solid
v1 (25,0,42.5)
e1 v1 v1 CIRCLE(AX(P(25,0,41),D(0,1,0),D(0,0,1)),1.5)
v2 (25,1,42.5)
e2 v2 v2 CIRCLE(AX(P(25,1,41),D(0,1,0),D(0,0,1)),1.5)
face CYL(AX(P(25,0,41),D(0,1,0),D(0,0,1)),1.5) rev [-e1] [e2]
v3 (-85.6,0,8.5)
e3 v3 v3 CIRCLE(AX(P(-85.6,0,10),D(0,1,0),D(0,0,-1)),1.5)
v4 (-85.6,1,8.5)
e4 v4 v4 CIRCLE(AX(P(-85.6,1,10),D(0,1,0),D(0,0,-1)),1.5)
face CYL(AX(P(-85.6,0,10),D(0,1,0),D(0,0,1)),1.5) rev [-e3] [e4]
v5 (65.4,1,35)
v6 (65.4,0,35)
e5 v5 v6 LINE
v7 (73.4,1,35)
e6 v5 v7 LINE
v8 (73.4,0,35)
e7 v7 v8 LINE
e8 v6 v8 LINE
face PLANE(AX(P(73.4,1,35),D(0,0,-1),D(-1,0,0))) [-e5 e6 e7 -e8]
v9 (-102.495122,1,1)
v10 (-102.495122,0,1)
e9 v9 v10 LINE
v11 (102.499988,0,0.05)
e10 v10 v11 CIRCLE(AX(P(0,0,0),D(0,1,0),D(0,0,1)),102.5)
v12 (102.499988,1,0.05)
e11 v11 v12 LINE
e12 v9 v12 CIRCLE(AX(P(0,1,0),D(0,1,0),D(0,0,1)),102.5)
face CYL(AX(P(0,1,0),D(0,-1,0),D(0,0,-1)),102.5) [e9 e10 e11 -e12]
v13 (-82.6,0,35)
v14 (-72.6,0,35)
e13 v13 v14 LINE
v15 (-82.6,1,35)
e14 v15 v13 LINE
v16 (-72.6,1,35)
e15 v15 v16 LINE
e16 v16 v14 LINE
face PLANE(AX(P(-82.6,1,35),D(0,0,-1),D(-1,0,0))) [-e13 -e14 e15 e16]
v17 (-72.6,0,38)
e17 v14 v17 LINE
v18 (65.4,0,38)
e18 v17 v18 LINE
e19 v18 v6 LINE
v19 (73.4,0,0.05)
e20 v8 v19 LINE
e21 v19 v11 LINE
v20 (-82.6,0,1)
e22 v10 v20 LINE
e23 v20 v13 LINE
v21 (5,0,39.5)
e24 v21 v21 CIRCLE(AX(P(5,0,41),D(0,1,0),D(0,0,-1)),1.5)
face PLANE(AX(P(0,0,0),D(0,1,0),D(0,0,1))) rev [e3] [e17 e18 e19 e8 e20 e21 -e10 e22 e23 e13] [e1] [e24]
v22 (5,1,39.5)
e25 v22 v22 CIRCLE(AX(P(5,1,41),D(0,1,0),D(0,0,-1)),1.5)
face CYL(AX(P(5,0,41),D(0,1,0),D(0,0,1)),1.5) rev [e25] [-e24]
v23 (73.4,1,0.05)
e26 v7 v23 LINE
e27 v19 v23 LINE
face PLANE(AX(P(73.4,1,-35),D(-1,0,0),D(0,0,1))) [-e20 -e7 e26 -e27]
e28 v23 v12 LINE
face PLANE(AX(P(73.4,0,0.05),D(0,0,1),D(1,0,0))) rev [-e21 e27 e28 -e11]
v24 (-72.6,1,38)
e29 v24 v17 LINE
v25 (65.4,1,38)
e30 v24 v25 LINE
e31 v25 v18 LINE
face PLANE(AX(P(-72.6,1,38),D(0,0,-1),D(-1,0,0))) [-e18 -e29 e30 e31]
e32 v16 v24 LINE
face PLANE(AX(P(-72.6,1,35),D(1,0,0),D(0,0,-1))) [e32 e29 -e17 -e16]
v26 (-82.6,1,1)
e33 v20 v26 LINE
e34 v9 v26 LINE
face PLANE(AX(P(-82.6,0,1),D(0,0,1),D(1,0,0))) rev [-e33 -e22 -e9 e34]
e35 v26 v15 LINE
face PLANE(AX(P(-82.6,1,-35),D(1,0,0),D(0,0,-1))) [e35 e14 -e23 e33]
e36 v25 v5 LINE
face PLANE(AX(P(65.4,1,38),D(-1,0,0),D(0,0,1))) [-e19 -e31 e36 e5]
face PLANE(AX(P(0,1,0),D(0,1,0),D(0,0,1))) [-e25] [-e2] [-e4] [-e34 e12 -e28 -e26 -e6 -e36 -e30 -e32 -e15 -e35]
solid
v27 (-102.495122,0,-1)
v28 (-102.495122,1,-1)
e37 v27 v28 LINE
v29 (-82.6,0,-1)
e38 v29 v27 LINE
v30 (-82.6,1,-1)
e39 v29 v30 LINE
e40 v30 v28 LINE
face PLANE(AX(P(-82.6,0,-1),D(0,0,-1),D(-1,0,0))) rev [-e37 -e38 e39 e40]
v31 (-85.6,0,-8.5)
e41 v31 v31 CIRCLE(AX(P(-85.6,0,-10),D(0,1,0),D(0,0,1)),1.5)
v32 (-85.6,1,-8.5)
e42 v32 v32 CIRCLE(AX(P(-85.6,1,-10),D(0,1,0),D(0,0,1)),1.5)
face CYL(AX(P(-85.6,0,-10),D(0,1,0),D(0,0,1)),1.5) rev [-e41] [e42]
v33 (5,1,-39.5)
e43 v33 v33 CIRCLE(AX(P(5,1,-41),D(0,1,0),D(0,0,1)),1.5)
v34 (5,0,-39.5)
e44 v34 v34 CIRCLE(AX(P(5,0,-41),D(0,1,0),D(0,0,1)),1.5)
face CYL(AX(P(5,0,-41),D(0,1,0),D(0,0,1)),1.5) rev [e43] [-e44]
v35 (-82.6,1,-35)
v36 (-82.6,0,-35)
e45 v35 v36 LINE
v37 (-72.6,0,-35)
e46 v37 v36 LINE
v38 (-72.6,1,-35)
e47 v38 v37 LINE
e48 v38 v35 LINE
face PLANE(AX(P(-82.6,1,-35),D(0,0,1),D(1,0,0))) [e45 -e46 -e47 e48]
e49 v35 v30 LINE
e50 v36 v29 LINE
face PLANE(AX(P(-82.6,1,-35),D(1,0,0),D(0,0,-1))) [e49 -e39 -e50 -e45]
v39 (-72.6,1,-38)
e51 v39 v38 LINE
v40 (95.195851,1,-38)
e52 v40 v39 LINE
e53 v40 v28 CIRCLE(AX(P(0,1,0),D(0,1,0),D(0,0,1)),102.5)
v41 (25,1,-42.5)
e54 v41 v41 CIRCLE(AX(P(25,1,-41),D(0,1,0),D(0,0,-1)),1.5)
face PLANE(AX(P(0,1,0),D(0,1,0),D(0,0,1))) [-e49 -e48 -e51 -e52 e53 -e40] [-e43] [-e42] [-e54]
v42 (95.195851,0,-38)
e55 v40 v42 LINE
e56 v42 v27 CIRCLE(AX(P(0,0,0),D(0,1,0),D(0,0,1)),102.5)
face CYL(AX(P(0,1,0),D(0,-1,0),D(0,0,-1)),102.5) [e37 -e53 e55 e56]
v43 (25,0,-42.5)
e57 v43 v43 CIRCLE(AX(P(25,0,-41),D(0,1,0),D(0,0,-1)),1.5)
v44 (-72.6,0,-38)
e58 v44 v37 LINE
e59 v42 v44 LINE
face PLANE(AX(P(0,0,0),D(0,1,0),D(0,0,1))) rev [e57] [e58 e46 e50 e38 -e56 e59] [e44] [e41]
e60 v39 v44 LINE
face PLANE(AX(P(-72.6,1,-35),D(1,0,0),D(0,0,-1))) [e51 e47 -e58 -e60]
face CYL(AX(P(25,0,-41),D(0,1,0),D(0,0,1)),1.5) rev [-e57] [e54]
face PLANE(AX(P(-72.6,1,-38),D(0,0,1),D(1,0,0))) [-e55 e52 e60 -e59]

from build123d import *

# Parameters (mm, degrees)
SKETCH_1_R          = 102.5
EXTRUDE_1_DEPTH     = 1
SKETCH_2_W          = 47.933731137
SKETCH_2_H          = 0.1
SKETCH_2_W_2        = 106.787277248
SKETCH_2_H_2        = 2
CUT_EXTRUDE_1_DEPTH = 145.960339404
SKETCH_5_W          = 37.099987805
SKETCH_5_H          = 37.95
CUT_EXTRUDE_4_DEPTH = 145.960330781
SKETCH_6_R          = 1.5
CUT_EXTRUDE_5_DEPTH = 145.960330781


with BuildPart() as part:
    # 草图1 → 凸台-拉伸1 (new body)
    with BuildSketch(Plane(origin=(0, 0, 0), x_dir=(1, 0, 0), z_dir=(0, 1, 0))):
        with Locations(Location((0, 0, 0), (0, 0, 270))):
            Circle(SKETCH_1_R)
        Polygon((-82.6, 35), (-82.6, -35), (-72.6, -35), (-72.6, -38), (65.4, -38), (65.4, -35), (73.4, -35), (73.4, 35), (65.4, 35), (65.4, 38), (-72.6, 38), (-72.6, 35), align=None, mode=Mode.SUBTRACT)
    extrude(amount=EXTRUDE_1_DEPTH)

    # 草图2 → 切除-拉伸1 (cut, through all)
    with BuildSketch(Plane(origin=(0, 1, 0), x_dir=(1, 0, 0), z_dir=(0, 1, 0))):
        with Locations((97.366865569, 0)):
            Rectangle(SKETCH_2_W, SKETCH_2_H)
        with Locations((-135.993638624, 0)):
            Rectangle(SKETCH_2_W_2, SKETCH_2_H_2)
    extrude(amount=-CUT_EXTRUDE_1_DEPTH, mode=Mode.SUBTRACT)


with BuildPart() as cut_extrude_1_piece_1:
    # of the separate pieces the step leaves, piece 1, a body of its own (cut_extrude_1_pieces)
    add(part.part.solids().sort_by_distance((-102.495121835, 0, 1))[0])


with BuildPart() as cut_extrude_1_piece_2:
    # of the separate pieces the step leaves, piece 2, a body of its own (cut_extrude_1_pieces)
    add(part.part.solids().sort_by_distance((102.499987805, 0, -0.05))[0])

    # 草图5 → 切除-拉伸4 (cut, through all)
    with BuildSketch(Plane(origin=(0, 1, 0), x_dir=(1, 0, 0), z_dir=(0, 1, 0))):
        with Locations((83.949993903, 19.025)):
            Rectangle(SKETCH_5_W, SKETCH_5_H)
    extrude(amount=-CUT_EXTRUDE_4_DEPTH, mode=Mode.SUBTRACT)


with BuildPart() as cut_extrude_5_tool:
    # 草图6 → 切除-拉伸5 (new, through all)
    with BuildSketch(Plane(origin=(0, 1, 0), x_dir=(1, 0, 0), z_dir=(0, 1, 0))):
        with Locations(Location((5, 41, 0), (0, 0, 270))):
            Circle(SKETCH_6_R)
        with Locations(Location((25, 41, 0), (0, 0, 90))):
            Circle(SKETCH_6_R)
        with Locations(Location((25, -41, 0), (0, 0, 270))):
            Circle(SKETCH_6_R)
        with Locations(Location((5, -41, 0), (0, 0, 90))):
            Circle(SKETCH_6_R)
        with Locations(Location((-85.6, 10, 0), (0, 0, 270))):
            Circle(SKETCH_6_R)
        with Locations(Location((-85.6, -10, 0), (0, 0, 90))):
            Circle(SKETCH_6_R)
    extrude(amount=-CUT_EXTRUDE_5_DEPTH)


with BuildPart() as cut_extrude_1_piece_1_1:
    add(cut_extrude_1_piece_1.part)

    # 切除-拉伸5: cut by cut_extrude_5_tool
    add(cut_extrude_5_tool.part, mode=Mode.SUBTRACT)


with BuildPart() as cut_extrude_1_piece_2_1:
    add(cut_extrude_1_piece_2.part)

    # 切除-拉伸5: cut by cut_extrude_5_tool
    add(cut_extrude_5_tool.part, mode=Mode.SUBTRACT)


solid = Compound([cut_extrude_1_piece_1_1.part, cut_extrude_1_piece_2_1.part])
